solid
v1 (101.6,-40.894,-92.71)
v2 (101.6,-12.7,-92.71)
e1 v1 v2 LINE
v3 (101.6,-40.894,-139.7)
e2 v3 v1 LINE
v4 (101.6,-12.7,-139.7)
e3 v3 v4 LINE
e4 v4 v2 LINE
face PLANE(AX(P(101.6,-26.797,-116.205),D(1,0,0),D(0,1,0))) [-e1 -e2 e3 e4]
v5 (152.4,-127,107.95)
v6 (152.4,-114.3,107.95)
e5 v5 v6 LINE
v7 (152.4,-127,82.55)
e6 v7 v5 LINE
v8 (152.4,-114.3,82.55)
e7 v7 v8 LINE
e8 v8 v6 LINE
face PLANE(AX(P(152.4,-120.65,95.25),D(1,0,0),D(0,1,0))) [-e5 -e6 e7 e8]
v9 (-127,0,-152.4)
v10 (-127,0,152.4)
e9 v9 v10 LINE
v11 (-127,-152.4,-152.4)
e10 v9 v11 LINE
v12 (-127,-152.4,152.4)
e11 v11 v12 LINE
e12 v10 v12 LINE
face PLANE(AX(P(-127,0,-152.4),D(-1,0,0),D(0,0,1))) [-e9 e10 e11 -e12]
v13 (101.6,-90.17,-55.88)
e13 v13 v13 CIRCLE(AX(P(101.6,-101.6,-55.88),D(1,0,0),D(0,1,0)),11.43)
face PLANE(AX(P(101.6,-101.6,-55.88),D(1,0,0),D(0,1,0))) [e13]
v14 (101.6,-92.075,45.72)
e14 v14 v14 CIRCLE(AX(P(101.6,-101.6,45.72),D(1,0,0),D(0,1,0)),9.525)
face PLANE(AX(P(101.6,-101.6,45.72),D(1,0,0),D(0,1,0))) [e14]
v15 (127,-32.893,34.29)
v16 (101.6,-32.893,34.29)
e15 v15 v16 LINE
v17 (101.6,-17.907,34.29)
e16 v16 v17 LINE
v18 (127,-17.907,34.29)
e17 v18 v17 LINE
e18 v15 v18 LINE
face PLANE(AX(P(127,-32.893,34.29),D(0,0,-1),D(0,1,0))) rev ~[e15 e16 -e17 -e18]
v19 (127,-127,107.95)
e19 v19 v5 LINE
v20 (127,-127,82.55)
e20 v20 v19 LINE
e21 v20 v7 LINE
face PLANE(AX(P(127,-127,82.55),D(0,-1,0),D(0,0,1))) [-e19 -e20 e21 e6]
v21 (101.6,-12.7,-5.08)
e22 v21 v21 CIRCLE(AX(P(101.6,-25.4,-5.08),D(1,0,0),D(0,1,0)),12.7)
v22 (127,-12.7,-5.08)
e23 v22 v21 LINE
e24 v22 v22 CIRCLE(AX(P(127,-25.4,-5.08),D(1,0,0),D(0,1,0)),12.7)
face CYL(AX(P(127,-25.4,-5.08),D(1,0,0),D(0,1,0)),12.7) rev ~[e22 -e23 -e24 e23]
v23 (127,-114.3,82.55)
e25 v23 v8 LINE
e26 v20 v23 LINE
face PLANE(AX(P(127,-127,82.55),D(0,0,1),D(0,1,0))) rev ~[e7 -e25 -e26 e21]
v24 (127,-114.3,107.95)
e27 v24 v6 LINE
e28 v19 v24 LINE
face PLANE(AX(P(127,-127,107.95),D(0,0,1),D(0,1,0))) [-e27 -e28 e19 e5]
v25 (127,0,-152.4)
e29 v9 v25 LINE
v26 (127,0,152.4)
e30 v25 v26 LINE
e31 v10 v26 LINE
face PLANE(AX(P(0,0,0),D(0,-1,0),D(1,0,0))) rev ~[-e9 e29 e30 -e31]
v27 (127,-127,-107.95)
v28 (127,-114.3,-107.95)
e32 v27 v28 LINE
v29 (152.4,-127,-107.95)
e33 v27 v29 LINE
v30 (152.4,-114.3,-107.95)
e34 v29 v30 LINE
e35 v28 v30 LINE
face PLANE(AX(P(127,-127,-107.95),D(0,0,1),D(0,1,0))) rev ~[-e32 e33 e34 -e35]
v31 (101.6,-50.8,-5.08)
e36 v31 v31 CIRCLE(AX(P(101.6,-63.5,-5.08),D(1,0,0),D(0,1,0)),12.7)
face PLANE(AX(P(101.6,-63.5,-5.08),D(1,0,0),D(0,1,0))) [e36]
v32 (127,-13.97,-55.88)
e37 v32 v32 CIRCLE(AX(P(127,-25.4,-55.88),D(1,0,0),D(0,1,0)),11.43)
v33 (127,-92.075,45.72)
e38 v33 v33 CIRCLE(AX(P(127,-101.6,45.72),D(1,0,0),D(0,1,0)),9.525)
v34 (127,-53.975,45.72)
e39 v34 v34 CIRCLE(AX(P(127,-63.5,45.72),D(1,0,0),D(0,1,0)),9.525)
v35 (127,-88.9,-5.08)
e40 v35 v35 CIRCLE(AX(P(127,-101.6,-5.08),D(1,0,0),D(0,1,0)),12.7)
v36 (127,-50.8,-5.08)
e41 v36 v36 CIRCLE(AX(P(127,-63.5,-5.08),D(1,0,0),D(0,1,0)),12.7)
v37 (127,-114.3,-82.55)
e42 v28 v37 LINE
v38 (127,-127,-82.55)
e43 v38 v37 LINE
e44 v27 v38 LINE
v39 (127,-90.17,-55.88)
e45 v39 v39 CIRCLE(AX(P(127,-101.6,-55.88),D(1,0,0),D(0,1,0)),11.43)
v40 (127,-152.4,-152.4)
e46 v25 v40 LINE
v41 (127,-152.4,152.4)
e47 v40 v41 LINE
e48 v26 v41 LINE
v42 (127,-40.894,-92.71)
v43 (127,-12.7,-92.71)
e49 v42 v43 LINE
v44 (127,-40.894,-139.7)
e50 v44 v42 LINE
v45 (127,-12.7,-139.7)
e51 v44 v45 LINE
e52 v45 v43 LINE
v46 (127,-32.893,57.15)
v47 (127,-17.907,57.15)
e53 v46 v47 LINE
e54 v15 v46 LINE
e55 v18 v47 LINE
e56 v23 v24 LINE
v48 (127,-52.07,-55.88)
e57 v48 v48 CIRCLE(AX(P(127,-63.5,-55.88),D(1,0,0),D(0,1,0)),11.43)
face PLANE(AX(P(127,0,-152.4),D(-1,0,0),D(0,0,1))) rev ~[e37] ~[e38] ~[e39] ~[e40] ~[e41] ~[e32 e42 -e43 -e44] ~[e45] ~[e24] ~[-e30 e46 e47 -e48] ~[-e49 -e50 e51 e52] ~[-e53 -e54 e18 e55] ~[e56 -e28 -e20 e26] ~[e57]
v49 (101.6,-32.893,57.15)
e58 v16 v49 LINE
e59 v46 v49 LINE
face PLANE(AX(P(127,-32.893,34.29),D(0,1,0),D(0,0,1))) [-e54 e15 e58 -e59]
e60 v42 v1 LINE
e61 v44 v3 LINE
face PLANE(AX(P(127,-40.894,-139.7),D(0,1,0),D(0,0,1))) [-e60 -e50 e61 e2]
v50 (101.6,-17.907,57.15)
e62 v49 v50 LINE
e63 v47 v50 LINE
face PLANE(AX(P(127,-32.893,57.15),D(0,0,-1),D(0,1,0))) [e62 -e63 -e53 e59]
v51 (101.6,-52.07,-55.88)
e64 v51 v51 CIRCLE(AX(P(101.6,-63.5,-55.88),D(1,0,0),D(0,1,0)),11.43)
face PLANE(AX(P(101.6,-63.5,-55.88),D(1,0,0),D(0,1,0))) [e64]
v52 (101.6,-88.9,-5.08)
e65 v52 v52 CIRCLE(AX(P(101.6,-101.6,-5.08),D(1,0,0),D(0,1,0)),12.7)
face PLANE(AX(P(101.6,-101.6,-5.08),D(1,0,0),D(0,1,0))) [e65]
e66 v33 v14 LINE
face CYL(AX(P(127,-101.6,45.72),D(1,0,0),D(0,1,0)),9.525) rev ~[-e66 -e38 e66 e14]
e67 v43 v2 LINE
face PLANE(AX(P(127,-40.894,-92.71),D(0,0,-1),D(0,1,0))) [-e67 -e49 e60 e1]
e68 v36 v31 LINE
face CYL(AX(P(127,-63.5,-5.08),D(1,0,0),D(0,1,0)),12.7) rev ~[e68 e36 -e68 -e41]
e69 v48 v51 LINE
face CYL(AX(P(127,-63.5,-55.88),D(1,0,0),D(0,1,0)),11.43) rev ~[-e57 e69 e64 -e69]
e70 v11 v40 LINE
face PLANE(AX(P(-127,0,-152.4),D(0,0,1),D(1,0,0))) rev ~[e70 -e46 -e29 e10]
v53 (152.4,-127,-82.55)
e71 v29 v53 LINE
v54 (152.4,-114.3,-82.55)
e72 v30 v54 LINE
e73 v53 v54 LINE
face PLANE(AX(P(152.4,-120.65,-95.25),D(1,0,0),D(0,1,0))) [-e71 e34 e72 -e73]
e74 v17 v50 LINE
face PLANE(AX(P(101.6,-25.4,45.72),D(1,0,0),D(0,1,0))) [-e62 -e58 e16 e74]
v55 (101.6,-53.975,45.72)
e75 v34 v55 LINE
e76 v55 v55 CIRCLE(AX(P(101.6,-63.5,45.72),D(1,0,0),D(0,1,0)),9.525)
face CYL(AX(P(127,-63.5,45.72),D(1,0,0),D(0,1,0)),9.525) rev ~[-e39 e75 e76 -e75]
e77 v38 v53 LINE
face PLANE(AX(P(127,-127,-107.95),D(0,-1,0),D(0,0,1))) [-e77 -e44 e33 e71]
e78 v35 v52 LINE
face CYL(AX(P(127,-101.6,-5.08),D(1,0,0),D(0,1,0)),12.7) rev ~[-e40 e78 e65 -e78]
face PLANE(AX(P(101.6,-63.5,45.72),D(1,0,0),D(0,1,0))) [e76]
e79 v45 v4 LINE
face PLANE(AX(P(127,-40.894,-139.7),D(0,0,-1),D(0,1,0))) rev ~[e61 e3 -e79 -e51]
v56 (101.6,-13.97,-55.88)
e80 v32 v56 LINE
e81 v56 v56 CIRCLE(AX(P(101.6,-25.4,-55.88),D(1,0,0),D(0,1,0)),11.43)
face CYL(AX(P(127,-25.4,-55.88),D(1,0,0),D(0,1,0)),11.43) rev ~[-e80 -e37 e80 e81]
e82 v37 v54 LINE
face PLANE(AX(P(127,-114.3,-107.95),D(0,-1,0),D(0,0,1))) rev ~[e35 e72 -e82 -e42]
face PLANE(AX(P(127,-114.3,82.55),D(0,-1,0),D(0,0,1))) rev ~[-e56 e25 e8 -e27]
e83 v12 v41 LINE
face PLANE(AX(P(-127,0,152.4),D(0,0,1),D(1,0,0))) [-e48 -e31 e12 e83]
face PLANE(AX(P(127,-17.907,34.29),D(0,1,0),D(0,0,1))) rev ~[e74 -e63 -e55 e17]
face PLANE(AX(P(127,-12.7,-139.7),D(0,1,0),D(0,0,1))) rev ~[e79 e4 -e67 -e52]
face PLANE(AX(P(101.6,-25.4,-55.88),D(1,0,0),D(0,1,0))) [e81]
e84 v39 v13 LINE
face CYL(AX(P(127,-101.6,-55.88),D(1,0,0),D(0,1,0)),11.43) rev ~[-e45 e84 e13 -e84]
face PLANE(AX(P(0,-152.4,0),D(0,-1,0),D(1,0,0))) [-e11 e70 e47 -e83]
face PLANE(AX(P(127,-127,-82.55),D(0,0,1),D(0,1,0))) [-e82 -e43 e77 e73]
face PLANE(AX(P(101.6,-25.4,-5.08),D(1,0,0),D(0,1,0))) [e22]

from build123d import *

# Parameters (mm, degrees)
F0_W     = 254
F0_H     = 304.8
F1_DEPTH = 152.4
F2_W     = 12.7
F2_H     = 25.4
F3_DEPTH = 25.4
F4_R     = 12.7
F4_R_2   = 11.43
F4_W     = 28.194
F4_H     = 46.99
F4_W_2   = 14.986
F4_H_2   = 22.86
F4_R_3   = 9.525
F5_DEPTH = 25.4


with BuildPart() as f1:
    # F0 (on Front) → F1 (new body)
    with BuildSketch(Plane.XZ):
        Rectangle(F0_W, F0_H)
    extrude(amount=F1_DEPTH)

    # F2 (on face) → F3 (join)
    with BuildSketch(Plane.YZ.offset(127)):
        with Locations((-120.65, 95.25)):
            Rectangle(F2_W, F2_H)
        with Locations((-120.65, -95.25)):
            Rectangle(F2_W, F2_H)
    extrude(amount=F3_DEPTH)

    # F4 (on face) → F5 (cut)
    with BuildSketch(Plane.YZ.offset(127)):
        with Locations((-101.6, -5.08)):
            Circle(F4_R)
        with Locations((-63.5, -5.08)):
            Circle(F4_R)
        with Locations((-25.4, -5.08)):
            Circle(F4_R)
        with Locations((-101.6, -55.88)):
            Circle(F4_R_2)
        with Locations((-63.5, -55.88)):
            Circle(F4_R_2)
        with Locations((-25.4, -55.88)):
            Circle(F4_R_2)
        with Locations((-26.797, -116.205)):
            Rectangle(F4_W, F4_H)
        with Locations((-25.4, 45.72)):
            Rectangle(F4_W_2, F4_H_2)
        with Locations((-101.6, 45.72)):
            Circle(F4_R_3)
        with Locations((-63.5, 45.72)):
            Circle(F4_R_3)
    extrude(amount=-F5_DEPTH, mode=Mode.SUBTRACT)


solid = f1.part
